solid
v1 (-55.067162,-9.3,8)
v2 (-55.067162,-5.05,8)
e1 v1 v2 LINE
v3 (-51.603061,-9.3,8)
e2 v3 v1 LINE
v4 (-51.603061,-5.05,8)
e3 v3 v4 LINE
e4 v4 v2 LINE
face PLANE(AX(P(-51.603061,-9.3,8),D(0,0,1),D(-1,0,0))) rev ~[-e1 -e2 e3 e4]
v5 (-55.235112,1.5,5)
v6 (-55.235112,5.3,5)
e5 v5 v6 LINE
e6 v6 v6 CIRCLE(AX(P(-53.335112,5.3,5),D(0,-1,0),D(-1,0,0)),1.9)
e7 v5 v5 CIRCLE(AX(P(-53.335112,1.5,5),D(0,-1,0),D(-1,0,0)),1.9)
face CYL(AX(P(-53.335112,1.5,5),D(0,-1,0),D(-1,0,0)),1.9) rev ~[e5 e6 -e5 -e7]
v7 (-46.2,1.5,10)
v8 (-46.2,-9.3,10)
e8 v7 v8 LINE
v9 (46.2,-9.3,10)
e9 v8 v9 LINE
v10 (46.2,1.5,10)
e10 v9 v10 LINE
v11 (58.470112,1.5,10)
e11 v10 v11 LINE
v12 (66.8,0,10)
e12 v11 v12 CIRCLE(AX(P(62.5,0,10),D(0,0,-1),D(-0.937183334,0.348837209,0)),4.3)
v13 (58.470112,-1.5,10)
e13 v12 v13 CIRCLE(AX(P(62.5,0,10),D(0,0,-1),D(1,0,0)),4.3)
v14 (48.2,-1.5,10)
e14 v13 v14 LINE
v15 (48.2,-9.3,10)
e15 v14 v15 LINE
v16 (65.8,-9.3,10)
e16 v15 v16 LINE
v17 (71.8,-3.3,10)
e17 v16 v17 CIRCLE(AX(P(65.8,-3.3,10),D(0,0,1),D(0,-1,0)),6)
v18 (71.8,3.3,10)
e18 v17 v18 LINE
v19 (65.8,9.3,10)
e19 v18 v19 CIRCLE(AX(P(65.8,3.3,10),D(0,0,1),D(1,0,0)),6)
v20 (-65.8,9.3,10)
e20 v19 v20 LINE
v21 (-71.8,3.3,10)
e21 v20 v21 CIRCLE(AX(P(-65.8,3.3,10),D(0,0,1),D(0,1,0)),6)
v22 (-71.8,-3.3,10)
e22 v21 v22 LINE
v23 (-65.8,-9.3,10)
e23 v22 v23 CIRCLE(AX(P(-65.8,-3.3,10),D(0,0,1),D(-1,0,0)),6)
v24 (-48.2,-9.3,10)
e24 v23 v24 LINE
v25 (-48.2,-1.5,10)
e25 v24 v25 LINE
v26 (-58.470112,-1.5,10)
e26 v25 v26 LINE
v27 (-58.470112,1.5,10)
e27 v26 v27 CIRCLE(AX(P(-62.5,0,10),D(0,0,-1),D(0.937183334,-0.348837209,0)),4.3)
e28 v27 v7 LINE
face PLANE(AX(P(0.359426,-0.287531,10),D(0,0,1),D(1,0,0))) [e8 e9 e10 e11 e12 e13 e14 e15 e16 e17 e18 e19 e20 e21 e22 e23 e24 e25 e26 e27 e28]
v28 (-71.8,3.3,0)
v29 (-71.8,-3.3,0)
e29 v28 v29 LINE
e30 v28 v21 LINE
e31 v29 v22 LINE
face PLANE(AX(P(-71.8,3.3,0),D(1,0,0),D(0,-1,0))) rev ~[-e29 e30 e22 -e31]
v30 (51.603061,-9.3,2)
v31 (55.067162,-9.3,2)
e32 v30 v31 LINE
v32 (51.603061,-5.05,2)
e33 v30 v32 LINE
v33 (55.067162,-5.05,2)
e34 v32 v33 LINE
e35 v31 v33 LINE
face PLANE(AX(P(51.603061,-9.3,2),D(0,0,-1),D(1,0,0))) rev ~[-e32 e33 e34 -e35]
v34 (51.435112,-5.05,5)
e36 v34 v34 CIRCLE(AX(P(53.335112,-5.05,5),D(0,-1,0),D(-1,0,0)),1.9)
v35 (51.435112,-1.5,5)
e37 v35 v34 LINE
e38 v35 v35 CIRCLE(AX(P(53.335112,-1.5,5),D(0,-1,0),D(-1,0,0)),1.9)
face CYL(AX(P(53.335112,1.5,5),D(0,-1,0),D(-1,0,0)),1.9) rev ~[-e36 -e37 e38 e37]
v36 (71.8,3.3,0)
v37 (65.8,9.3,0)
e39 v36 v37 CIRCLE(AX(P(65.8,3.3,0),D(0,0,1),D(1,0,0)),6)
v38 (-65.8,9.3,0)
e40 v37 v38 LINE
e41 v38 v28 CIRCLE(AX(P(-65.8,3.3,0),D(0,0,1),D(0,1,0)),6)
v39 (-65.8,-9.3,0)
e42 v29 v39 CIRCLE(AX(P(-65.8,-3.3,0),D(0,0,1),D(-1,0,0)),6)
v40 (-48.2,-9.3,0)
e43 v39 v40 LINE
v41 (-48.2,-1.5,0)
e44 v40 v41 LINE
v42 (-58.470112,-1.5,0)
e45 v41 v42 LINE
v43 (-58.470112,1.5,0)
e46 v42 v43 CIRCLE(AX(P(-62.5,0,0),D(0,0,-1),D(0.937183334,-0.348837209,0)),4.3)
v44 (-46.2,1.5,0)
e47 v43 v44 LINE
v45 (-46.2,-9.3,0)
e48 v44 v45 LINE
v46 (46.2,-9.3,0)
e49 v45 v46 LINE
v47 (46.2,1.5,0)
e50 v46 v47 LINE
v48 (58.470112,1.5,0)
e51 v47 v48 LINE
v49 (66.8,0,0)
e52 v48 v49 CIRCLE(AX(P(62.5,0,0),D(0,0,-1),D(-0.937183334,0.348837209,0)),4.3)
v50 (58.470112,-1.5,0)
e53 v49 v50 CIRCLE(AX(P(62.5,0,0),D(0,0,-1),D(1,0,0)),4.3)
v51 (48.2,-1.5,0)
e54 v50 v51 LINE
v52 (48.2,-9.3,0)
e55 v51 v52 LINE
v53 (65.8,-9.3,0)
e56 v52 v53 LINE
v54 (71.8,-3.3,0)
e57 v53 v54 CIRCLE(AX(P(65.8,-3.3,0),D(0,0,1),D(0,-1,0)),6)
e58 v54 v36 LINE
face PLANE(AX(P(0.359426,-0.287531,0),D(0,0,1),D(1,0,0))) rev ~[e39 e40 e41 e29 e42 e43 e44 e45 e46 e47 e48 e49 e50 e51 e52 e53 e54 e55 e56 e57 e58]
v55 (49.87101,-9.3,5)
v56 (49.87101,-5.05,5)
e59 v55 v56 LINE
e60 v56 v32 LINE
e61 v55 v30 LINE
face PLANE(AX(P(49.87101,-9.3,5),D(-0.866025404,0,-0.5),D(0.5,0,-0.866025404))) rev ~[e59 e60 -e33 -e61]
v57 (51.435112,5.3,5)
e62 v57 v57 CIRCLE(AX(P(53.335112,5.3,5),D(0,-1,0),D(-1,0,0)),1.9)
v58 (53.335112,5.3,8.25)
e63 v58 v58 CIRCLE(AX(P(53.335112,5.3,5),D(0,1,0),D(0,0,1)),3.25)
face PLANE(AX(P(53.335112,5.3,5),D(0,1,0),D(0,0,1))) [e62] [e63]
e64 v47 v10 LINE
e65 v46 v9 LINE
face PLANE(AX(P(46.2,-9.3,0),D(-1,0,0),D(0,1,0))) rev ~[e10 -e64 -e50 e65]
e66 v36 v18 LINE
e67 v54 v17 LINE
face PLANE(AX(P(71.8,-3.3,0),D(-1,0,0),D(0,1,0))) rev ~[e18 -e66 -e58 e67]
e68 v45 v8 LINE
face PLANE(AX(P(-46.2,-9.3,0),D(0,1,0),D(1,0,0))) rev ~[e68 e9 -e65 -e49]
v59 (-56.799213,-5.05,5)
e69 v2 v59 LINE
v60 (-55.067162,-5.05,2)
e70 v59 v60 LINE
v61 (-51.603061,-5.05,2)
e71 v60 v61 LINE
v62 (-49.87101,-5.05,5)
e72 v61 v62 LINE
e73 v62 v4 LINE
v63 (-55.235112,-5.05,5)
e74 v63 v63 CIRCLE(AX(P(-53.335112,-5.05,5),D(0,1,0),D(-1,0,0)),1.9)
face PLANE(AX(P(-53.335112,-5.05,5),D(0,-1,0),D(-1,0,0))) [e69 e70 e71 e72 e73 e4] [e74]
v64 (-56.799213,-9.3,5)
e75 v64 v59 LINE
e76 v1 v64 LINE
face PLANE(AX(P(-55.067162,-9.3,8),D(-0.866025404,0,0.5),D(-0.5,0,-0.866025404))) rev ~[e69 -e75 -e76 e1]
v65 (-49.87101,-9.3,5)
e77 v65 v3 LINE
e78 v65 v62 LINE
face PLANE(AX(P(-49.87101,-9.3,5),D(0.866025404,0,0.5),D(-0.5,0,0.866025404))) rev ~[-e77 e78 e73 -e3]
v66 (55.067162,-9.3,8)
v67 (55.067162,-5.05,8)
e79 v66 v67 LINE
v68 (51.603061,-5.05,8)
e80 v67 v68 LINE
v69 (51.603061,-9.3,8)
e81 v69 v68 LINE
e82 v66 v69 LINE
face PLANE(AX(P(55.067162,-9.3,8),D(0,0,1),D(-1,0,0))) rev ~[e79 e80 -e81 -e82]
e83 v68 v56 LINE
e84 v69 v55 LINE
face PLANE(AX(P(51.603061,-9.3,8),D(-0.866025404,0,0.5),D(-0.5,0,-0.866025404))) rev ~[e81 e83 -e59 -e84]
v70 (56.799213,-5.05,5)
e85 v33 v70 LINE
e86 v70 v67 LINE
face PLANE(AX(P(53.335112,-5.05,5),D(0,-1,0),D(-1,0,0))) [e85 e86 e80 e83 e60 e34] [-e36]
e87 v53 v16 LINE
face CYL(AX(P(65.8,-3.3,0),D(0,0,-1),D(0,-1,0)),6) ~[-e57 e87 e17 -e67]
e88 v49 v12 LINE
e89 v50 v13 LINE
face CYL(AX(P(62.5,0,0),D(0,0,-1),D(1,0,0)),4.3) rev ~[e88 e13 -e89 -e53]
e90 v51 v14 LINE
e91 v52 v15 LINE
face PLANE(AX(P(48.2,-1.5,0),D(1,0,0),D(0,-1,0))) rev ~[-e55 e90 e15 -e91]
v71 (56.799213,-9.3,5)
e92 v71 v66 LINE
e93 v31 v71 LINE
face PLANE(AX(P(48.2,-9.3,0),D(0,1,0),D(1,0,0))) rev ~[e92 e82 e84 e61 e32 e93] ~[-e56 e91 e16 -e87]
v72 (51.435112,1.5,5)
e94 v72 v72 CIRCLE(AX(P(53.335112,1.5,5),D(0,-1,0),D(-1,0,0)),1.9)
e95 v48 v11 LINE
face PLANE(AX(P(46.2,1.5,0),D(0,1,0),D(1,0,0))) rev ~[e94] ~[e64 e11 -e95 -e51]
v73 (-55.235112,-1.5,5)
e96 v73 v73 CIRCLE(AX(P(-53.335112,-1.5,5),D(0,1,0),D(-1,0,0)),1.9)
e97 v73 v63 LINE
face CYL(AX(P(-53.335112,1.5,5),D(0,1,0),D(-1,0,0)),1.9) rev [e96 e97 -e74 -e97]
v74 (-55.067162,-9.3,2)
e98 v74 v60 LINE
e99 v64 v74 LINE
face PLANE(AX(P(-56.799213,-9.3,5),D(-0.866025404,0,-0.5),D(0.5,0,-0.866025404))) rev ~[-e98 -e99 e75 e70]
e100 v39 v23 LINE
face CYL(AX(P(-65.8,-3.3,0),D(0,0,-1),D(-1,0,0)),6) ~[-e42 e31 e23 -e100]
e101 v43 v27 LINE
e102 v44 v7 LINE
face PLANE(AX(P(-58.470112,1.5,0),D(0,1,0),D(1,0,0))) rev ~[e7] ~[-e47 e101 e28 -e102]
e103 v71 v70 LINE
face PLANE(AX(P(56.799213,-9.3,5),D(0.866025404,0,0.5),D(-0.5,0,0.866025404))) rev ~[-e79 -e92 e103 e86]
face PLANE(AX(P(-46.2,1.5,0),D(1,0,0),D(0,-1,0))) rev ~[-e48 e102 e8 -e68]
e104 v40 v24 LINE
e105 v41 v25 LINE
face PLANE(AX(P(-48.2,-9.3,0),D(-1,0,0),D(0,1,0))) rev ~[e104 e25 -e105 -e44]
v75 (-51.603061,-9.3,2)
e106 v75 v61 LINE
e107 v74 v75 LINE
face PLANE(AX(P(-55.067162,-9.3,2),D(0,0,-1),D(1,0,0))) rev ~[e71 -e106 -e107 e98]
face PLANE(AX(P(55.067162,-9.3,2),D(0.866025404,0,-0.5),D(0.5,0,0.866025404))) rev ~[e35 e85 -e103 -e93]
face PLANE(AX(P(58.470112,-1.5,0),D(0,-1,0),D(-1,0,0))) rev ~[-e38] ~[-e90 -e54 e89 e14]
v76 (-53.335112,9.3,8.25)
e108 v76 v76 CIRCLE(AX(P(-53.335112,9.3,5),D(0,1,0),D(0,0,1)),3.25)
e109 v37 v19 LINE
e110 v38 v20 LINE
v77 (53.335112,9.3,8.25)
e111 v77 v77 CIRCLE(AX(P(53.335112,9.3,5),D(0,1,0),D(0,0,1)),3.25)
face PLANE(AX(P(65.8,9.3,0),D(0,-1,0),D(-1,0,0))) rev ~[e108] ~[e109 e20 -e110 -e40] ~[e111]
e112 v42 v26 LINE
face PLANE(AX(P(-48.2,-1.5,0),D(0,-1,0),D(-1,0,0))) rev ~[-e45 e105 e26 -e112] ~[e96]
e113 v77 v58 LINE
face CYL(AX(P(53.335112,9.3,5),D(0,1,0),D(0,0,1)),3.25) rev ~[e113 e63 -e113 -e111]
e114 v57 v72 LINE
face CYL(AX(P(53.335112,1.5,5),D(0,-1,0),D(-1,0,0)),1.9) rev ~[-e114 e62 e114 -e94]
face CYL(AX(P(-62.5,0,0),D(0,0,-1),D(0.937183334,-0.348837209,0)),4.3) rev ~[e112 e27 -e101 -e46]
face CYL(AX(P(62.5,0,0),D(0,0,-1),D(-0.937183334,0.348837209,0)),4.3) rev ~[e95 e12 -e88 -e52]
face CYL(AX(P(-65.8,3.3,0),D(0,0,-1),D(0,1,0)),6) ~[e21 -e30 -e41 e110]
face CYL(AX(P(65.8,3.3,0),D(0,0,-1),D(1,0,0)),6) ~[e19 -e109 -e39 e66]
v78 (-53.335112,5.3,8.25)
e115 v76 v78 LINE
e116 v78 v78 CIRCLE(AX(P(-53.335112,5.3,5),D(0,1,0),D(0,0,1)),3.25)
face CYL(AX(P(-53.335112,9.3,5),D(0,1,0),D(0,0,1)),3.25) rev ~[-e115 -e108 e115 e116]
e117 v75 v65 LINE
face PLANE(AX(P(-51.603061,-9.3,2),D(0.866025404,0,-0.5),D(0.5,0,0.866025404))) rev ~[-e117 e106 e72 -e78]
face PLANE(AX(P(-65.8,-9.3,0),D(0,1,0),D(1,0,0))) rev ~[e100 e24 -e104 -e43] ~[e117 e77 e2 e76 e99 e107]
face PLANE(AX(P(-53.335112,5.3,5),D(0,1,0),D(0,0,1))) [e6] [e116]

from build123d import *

# Parameters (mm, degrees)
SALIENTE_EXTRUIR1_DEPTH = 10
CROQUIS2_R              = 1.9
CORTAR_EXTRUIR1_DEPTH   = 25
CROQUIS5_R              = 3.25
CORTAR_EXTRUIR3_DEPTH   = 4
CORTAR_EXTRUIR4_DEPTH   = 4.25


with BuildPart() as part:
    # Croquis1 → Saliente-Extruir1 (new body)
    with BuildSketch(Plane.XY):
        with BuildLine():
            Line((65.8, 9.3), (-65.8, 9.3))
            ThreePointArc((-65.8, 9.3), (-70.042640687, 7.542640687), (-71.8, 3.3))
            Line((-71.8, 3.3), (-71.8, -3.3))
            ThreePointArc((-71.8, -3.3), (-70.042640687, -7.542640687), (-65.8, -9.3))
            Line((-65.8, -9.3), (-48.2, -9.3))
            Line((-48.2, -9.3), (-48.2, -1.5))
            Line((-48.2, -1.5), (-58.470111664, -1.5))
            ThreePointArc((-58.470111664, -1.5), (-66.8, 0), (-58.470111664, 1.5))
            Line((-58.470111664, 1.5), (-46.2, 1.5))
            Line((-46.2, 1.5), (-46.2, -9.3))
            Line((-46.2, -9.3), (46.2, -9.3))
            Line((46.2, -9.3), (46.2, 1.5))
            Line((46.2, 1.5), (58.470111664, 1.5))
            ThreePointArc((58.470111664, 1.5), (63.262063041, 4.231933355), (66.8, 0))
            ThreePointArc((66.8, 0), (63.262063041, -4.231933355), (58.470111664, -1.5))
            Line((58.470111664, -1.5), (48.2, -1.5))
            Line((48.2, -1.5), (48.2, -9.3))
            Line((48.2, -9.3), (65.8, -9.3))
            ThreePointArc((65.8, -9.3), (70.042640687, -7.542640687), (71.8, -3.3))
            Line((71.8, -3.3), (71.8, 3.3))
            ThreePointArc((71.8, 3.3), (70.042640687, 7.542640687), (65.8, 9.3))
        make_face()
    extrude(amount=SALIENTE_EXTRUIR1_DEPTH)

    # Croquis2 → Cortar-Extruir1 (cut, symmetric)
    with BuildSketch(Plane.XZ.offset(-1.5)):
        with Locations(Location((-53.335111664, 5, 0), (0, 0, 180))):
            Circle(CROQUIS2_R)
        with Locations(Location((53.335111664, 5, 0), (0, 0, 180))):
            Circle(CROQUIS2_R)
    extrude(amount=CORTAR_EXTRUIR1_DEPTH, both=True, mode=Mode.SUBTRACT)

    # Croquis5 → Cortar-Extruir3 (cut)
    with BuildSketch(Plane(origin=(0, 9.3, 0), x_dir=(1, 0, 0), z_dir=(0, 1, 0))):
        with Locations(Location((-53.335111664, -5, 0), (0, 0, 270))):
            Circle(CROQUIS5_R)
        with Locations(Location((53.335111664, -5, 0), (0, 0, 270))):
            Circle(CROQUIS5_R)
    extrude(amount=-CORTAR_EXTRUIR3_DEPTH, mode=Mode.SUBTRACT)

    # Croquis6 → Cortar-Extruir4 (cut)
    with BuildSketch(Plane(origin=(0, -9.3, 0), x_dir=(-1, 0, 0), z_dir=(0, -1, 0))):
        Polygon((49.871010049, -5), (51.603060857, -8), (55.067162472, -8), (56.799213279, -5), (55.067162472, -2), (51.603060857, -2), align=None)
        Polygon((-49.871010049, -5), (-51.603060857, -2), (-55.067162472, -2), (-56.799213279, -5), (-55.067162472, -8), (-51.603060857, -8), align=None)
    extrude(amount=-CORTAR_EXTRUIR4_DEPTH, mode=Mode.SUBTRACT)


solid = part.part
